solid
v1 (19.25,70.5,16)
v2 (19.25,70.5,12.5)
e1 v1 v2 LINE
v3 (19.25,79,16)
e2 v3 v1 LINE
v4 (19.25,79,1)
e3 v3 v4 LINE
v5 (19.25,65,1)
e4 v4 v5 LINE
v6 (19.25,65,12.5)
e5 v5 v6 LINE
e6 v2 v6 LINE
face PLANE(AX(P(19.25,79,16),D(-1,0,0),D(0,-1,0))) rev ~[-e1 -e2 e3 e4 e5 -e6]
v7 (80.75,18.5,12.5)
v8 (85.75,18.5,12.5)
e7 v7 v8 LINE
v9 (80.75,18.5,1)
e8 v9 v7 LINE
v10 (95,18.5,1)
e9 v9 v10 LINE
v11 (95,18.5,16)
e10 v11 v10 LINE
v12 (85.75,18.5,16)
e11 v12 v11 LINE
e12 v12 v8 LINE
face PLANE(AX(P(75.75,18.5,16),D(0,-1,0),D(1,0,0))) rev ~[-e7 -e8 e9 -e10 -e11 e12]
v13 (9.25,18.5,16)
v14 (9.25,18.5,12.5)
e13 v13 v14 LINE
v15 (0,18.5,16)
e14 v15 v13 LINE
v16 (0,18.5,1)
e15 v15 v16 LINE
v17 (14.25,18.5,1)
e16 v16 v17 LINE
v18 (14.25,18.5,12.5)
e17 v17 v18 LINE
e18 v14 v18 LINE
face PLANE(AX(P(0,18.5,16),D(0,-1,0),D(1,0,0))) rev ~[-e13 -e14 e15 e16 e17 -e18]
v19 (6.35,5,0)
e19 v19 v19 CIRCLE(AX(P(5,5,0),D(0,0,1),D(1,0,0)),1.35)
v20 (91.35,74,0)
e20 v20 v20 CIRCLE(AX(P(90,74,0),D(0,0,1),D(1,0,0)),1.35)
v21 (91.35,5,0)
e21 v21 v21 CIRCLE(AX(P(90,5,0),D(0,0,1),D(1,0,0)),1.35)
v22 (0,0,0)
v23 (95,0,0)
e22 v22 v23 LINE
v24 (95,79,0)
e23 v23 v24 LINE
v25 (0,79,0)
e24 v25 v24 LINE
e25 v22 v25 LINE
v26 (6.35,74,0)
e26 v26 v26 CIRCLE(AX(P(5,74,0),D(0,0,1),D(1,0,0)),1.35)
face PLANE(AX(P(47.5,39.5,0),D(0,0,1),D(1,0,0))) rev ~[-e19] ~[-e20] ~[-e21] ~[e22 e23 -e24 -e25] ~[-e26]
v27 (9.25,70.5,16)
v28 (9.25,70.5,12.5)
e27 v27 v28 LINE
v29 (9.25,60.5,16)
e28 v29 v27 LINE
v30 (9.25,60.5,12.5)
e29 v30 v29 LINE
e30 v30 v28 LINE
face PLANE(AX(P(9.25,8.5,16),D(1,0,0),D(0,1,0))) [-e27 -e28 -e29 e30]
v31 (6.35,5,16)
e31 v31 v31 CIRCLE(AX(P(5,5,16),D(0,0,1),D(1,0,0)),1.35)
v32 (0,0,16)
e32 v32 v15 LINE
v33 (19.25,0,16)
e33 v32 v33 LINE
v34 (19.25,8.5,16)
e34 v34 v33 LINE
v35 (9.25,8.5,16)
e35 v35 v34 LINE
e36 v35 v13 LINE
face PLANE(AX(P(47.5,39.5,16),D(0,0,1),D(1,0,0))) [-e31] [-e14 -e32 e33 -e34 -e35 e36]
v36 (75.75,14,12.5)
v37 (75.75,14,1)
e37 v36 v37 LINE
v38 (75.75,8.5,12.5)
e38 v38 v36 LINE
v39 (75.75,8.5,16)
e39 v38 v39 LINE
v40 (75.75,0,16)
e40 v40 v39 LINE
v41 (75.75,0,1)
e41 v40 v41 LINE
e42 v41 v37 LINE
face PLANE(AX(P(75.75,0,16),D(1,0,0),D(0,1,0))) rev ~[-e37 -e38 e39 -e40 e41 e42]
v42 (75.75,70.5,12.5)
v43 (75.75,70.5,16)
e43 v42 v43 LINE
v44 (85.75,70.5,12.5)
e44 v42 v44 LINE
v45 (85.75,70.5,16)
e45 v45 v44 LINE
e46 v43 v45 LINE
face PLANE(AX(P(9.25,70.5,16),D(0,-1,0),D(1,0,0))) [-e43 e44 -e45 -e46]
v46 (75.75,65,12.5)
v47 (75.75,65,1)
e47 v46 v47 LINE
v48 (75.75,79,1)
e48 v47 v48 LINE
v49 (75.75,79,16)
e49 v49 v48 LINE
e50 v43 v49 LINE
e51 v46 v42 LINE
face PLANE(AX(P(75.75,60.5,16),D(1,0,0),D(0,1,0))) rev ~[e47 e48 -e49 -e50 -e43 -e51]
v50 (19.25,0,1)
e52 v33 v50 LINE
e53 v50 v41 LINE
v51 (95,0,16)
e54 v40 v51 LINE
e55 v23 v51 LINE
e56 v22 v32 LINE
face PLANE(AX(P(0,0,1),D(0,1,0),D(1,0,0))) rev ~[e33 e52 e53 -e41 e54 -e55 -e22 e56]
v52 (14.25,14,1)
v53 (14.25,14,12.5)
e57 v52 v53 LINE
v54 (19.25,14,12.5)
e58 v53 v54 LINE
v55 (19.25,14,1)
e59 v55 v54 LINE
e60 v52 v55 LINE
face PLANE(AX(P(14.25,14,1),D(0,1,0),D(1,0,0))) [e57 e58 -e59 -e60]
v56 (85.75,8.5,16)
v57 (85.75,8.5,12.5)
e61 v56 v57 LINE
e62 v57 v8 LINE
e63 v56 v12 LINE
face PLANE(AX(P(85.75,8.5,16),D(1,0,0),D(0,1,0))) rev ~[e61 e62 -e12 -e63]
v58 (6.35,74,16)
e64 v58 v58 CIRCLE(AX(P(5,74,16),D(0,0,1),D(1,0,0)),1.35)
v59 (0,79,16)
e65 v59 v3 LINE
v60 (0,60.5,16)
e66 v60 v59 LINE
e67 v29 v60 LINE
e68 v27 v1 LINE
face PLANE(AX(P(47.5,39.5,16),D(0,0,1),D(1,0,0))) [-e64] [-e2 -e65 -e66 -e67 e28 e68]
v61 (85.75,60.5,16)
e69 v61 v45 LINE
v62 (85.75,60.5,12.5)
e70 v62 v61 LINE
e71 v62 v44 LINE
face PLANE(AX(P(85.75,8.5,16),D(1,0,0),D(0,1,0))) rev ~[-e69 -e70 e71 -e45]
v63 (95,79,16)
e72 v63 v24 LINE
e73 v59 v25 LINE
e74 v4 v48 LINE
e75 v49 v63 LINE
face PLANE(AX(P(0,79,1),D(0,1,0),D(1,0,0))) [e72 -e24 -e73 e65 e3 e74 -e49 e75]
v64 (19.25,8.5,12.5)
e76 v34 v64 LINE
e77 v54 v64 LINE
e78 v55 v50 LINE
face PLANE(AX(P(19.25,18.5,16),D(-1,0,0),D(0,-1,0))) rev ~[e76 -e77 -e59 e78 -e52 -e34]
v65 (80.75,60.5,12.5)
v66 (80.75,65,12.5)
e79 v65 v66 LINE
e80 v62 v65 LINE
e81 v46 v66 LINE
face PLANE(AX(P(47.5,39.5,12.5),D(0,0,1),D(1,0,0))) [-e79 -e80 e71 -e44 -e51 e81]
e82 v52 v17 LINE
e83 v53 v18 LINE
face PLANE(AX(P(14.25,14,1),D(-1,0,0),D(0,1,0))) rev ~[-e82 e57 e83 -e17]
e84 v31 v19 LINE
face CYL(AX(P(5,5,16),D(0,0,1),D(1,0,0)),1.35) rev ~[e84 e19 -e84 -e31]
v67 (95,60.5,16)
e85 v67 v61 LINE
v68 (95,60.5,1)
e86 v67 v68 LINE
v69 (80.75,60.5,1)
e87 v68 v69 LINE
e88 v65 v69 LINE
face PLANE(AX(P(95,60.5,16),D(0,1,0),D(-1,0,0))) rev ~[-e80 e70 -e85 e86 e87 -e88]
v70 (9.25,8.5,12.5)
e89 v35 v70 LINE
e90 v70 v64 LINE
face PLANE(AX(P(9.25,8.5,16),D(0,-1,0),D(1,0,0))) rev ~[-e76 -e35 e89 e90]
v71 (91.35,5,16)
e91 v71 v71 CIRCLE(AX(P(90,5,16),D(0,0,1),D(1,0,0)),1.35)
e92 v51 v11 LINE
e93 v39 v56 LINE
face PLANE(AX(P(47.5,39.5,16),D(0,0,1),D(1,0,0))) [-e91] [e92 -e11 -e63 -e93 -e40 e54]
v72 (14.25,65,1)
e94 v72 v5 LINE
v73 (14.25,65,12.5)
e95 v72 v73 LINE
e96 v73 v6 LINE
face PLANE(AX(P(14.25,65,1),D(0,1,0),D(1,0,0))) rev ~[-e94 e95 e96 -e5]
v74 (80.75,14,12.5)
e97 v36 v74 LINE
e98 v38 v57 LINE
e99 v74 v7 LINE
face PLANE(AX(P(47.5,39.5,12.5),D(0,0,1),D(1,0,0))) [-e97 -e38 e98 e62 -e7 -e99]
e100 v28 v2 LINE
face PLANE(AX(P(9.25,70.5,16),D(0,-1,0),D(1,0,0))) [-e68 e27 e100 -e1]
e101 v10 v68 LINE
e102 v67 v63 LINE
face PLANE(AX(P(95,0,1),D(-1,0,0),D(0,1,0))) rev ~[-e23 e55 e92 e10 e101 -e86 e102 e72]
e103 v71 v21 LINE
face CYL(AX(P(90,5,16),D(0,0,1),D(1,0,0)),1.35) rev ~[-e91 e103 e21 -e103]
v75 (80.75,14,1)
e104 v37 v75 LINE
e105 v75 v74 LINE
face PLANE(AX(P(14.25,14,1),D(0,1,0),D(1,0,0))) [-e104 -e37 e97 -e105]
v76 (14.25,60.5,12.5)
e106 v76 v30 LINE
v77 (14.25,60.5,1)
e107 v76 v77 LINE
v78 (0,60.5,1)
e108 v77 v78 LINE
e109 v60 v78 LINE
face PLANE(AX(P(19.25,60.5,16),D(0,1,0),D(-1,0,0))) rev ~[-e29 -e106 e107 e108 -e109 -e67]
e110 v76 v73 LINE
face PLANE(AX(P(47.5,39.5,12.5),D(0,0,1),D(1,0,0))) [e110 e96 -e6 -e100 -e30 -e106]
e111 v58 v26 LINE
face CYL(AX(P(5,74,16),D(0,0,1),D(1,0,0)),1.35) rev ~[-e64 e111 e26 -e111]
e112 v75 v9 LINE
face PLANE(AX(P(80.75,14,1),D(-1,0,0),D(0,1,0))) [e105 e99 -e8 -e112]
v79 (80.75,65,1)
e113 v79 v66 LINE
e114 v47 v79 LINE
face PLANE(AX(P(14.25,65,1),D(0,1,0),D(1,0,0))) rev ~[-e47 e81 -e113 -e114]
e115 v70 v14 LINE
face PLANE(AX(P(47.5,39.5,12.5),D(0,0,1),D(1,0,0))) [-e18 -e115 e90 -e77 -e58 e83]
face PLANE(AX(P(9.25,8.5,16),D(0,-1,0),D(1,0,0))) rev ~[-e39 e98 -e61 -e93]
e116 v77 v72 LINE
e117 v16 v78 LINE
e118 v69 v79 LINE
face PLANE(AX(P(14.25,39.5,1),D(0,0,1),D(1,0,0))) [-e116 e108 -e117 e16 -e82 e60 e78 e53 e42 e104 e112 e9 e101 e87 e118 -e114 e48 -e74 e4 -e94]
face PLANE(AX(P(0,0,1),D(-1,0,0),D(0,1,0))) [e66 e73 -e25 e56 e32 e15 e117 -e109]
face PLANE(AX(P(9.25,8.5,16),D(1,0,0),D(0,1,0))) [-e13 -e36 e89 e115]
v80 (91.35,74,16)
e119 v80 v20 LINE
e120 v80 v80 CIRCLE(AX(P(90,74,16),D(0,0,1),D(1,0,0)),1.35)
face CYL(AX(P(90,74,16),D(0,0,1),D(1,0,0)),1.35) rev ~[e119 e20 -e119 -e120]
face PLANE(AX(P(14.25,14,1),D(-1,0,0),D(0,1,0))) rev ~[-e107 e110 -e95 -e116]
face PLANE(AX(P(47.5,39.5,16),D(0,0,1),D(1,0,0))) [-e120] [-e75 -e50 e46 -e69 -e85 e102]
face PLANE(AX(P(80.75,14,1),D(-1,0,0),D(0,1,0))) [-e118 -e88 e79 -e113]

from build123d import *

# Parameters (mm, degrees)
F0_W     = 95
F0_H     = 79
F1_DEPTH = 1
F2_W     = 95
F2_H     = 79
F2_W_2   = 66.5
F2_H_2   = 51
F3_DEPTH = 15
F4_W     = 76.5
F4_H     = 62
F4_W_2   = 66.5
F4_H_2   = 51
F5_DEPTH = 3.5
F6_W     = 56.5
F6_H     = 8.5
F6_H_2   = 10
F6_W_2   = 10
F6_H_3   = 42
F6_W_3   = 9.25
F7_DEPTH = 15
F8_R     = 1.35
F9_DEPTH = 16.001


with BuildPart() as f1:
    # F0 (on Top) → F1 (new body)
    with BuildSketch(Plane.XY):
        with Locations((47.5, 39.5)):
            Rectangle(F0_W, F0_H)
    extrude(amount=F1_DEPTH)

    # F2 (on face) → F3 (join)
    with BuildSketch(Plane.XY.offset(1)):
        with Locations((47.5, 39.5)):
            Rectangle(F2_W, F2_H)
        with Locations((47.5, 39.5)):
            Rectangle(F2_W_2, F2_H_2, mode=Mode.SUBTRACT)
    extrude(amount=F3_DEPTH)

    # F4 (on face) → F5 (cut)
    with BuildSketch(Plane.XY.offset(16)):
        with Locations((47.5, 39.5)):
            Rectangle(F4_W, F4_H)
        with Locations((47.5, 39.5)):
            Rectangle(F4_W_2, F4_H_2, mode=Mode.SUBTRACT)
    extrude(amount=-F5_DEPTH, mode=Mode.SUBTRACT)

    # F6 (on face) → F7 (cut, through all)
    with BuildSketch(Plane.XY.offset(16)):
        with Locations((47.5, 74.75)):
            Rectangle(F6_W, F6_H)
        with Locations((47.5, 65.5)):
            Rectangle(F6_W, F6_H_2)
        with Locations((14.25, 39.5)):
            Rectangle(F6_W_2, F6_H_3)
        with Locations((4.625, 39.5)):
            Rectangle(F6_W_3, F6_H_3)
        with Locations((90.375, 39.5)):
            Rectangle(F6_W_3, F6_H_3)
        with Locations((80.75, 39.5)):
            Rectangle(F6_W_2, F6_H_3)
        with Locations((47.5, 4.25)):
            Rectangle(F6_W, F6_H)
        with Locations((47.5, 13.5)):
            Rectangle(F6_W, F6_H_2)
    extrude(amount=-F7_DEPTH, mode=Mode.SUBTRACT)

    # F8 (on face) → F9 (cut, through all)
    with BuildSketch(Plane.XY.offset(16)):
        with Locations((5, 74)):
            Circle(F8_R)
        with Locations((5, 5)):
            Circle(F8_R)
        with Locations((90, 5)):
            Circle(F8_R)
        with Locations((90, 74)):
            Circle(F8_R)
    extrude(amount=-F9_DEPTH, mode=Mode.SUBTRACT)


solid = f1.part
